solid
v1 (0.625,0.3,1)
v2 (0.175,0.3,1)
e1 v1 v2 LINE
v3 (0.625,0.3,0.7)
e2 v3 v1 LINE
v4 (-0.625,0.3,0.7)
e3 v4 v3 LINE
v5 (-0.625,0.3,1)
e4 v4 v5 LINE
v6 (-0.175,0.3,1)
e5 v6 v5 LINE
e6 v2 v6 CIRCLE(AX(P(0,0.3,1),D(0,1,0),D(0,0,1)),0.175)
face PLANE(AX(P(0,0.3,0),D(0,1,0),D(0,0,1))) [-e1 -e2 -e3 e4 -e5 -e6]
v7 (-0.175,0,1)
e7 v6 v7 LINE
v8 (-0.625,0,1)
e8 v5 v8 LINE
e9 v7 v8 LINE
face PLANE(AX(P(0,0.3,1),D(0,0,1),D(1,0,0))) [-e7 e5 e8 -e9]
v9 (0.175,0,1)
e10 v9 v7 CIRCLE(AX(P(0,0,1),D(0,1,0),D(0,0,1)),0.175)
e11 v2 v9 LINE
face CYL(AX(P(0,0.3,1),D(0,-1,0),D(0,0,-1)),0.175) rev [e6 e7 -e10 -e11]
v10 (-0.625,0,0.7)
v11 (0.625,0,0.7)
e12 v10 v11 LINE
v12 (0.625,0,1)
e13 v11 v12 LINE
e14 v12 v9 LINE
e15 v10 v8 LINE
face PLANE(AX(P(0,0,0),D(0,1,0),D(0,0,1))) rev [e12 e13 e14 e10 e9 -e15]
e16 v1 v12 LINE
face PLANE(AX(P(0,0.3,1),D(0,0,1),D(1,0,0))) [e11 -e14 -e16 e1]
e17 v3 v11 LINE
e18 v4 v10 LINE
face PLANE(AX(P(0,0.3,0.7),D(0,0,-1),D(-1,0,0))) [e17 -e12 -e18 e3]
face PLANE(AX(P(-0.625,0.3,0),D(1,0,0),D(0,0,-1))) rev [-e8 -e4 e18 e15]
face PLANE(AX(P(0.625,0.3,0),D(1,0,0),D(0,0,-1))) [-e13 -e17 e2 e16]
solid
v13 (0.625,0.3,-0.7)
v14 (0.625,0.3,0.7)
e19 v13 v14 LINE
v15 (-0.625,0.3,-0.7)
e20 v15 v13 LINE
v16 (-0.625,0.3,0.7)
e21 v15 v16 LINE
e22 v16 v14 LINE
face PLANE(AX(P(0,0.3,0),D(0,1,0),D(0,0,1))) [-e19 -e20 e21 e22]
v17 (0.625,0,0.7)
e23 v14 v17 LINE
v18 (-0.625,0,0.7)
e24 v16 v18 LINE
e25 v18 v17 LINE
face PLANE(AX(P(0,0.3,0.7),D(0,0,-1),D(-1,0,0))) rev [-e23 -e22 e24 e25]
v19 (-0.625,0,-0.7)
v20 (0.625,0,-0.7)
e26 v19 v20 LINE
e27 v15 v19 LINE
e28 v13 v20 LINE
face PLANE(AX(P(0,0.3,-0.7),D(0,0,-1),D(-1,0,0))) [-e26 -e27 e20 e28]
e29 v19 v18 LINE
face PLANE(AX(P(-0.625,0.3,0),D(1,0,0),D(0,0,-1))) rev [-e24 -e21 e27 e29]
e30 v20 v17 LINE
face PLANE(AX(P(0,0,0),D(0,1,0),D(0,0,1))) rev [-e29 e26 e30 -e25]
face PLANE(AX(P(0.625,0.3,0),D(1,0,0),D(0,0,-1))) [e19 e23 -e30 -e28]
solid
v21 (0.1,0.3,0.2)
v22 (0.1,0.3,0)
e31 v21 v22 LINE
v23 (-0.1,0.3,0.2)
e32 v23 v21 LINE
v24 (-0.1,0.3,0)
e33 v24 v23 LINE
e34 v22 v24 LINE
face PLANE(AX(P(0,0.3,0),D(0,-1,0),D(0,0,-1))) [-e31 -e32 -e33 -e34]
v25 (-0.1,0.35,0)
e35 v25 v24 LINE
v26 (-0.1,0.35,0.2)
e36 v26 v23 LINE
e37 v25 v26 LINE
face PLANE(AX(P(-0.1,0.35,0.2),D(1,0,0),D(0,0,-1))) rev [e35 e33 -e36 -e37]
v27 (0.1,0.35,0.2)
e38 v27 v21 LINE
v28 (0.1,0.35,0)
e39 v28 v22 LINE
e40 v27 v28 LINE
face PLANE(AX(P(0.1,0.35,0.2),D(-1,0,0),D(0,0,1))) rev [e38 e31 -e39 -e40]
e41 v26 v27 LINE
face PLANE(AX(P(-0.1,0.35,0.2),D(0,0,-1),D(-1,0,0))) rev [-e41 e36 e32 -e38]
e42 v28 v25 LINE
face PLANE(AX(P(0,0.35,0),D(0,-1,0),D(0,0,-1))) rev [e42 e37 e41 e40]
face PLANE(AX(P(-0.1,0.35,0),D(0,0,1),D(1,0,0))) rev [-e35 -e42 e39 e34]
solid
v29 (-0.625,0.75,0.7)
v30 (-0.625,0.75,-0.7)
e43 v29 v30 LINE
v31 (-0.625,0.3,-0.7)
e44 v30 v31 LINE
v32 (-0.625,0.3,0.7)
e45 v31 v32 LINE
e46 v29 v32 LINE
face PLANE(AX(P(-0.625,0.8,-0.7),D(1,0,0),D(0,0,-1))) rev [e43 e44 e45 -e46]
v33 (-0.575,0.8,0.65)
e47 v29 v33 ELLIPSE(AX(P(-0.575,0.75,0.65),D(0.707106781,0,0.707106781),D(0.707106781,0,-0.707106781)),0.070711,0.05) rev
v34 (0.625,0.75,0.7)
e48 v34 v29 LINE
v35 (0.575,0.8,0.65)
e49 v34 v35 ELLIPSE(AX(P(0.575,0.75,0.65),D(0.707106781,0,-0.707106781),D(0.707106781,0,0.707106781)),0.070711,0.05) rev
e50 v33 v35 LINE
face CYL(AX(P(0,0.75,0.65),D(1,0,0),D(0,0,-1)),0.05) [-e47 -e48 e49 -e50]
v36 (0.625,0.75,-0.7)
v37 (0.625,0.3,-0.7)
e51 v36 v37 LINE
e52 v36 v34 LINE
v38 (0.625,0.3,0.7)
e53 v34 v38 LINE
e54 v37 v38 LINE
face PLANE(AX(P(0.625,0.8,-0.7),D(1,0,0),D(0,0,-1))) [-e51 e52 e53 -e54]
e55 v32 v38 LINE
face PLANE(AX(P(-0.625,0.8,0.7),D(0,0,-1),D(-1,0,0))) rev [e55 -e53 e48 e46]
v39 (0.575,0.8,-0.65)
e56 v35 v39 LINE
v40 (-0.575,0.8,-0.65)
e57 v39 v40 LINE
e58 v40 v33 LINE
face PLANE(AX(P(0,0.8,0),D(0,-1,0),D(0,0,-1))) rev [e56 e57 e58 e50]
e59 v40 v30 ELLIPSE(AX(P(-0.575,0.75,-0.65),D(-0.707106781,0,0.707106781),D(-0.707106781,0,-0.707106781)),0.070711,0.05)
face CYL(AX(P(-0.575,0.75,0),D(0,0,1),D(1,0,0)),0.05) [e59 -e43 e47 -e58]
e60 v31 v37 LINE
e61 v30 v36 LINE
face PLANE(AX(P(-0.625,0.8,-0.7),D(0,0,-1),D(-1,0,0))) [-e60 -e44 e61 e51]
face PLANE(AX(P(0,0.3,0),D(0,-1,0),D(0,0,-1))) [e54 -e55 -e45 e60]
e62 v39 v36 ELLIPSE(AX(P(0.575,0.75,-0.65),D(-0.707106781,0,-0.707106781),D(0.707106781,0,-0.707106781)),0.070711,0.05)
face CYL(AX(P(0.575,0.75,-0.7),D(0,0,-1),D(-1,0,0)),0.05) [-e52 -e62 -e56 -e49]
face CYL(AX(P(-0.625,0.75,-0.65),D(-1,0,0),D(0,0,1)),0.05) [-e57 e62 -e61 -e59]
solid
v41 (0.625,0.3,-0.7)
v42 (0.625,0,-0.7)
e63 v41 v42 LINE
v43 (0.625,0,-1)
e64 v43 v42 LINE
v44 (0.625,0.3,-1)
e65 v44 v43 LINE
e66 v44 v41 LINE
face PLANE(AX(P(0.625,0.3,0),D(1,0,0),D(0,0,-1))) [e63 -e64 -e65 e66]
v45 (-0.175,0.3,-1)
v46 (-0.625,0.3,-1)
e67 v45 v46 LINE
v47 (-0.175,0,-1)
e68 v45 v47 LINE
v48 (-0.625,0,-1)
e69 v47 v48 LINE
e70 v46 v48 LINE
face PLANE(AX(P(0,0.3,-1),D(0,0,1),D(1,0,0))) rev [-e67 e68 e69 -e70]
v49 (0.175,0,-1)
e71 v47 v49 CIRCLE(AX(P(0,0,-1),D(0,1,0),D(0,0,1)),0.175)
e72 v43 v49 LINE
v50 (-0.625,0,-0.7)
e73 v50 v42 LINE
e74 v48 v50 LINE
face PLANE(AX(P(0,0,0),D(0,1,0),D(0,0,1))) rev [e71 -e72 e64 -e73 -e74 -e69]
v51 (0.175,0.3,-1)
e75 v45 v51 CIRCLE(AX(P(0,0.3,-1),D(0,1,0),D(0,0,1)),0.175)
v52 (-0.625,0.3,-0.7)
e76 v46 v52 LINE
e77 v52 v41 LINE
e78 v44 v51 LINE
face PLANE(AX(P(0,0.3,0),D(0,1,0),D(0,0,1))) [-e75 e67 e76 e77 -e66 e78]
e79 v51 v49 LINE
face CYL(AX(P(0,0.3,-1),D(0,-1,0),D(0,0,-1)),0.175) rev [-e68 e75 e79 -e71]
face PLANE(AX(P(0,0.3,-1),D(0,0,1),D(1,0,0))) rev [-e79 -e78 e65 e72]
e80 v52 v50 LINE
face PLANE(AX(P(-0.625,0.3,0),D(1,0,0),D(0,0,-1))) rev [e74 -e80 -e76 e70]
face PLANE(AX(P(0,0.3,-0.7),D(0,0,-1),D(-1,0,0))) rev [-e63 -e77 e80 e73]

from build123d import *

# Parameters (mm, degrees)
SALIENTE_EXTRUIR1_DEPTH   = 0.3
SALIENTE_EXTRUIR1_2_DEPTH = 0.3
CROQUIS1_4_W              = 1.25
CROQUIS1_4_H              = 1.4
SALIENTE_EXTRUIR2_DEPTH   = 0.3
CROQUIS2_W                = 1.25
CROQUIS2_H                = 1.4
SALIENTE_EXTRUIR3_DEPTH   = 0.5
REDONDEO1_R               = 0.05
CROQUIS4_W                = 0.2
CROQUIS4_H                = 0.2
SALIENTE_EXTRUIR7_DEPTH   = 0.05


with BuildPart() as part:
    # Croquis1 → Saliente-Extruir1 (new body)
    with BuildSketch(Plane(origin=(0, 0, 0), x_dir=(1, 0, 0), z_dir=(0, 1, 0))):
        with BuildLine():
            Line((-0.625, 1), (-0.625, 0.7))
            Line((-0.625, 0.7), (0.625, 0.7))
            Line((0.625, 0.7), (0.625, 1))
            Line((0.625, 1), (0.175, 1))
            ThreePointArc((0.175, 1), (0, 0.825), (-0.175, 1))
            Line((-0.175, 1), (-0.625, 1))
        make_face()
    extrude(amount=SALIENTE_EXTRUIR1_DEPTH)


with BuildPart() as body_2:
    # Croquis1 → Saliente-Extruir1 2 (new body)
    with BuildSketch(Plane(origin=(0, 0, 0), x_dir=(1, 0, 0), z_dir=(0, 1, 0))):
        with BuildLine():
            Line((0.625, -0.7), (-0.625, -0.7))
            Line((-0.625, -0.7), (-0.625, -1))
            Line((-0.625, -1), (-0.175, -1))
            ThreePointArc((-0.175, -1), (0, -0.825), (0.175, -1))
            Line((0.175, -1), (0.625, -1))
            Line((0.625, -1), (0.625, -0.7))
        make_face()
    extrude(amount=SALIENTE_EXTRUIR1_2_DEPTH)


with BuildPart() as body_3:
    # Croquis1<4> → Saliente-Extruir2 (new body)
    with BuildSketch(Plane(origin=(0, 0, 0), x_dir=(1, 0, 0), z_dir=(0, 1, 0))):
        Rectangle(CROQUIS1_4_W, CROQUIS1_4_H)
    extrude(amount=SALIENTE_EXTRUIR2_DEPTH)


with BuildPart() as body_4:
    # Croquis2 → Saliente-Extruir3 (new body)
    with BuildSketch(Plane(origin=(0, 0.3, 0), x_dir=(1, 0, 0), z_dir=(0, 1, 0))):
        Rectangle(CROQUIS2_W, CROQUIS2_H)
    extrude(amount=SALIENTE_EXTRUIR3_DEPTH)

    # Redondeo1
    redondeo1_edges = [body_4.edges().sort_by_distance(p)[0] for p in [
        (0, 0.8, -0.7),
        (-0.625, 0.8, 0),
        (0, 0.8, 0.7),
        (0.625, 0.8, 0),
    ]]
    fillet(redondeo1_edges, radius=REDONDEO1_R)


with BuildPart() as body_5:
    # Croquis4 → Saliente-Extruir7 (new body)
    with BuildSketch(Plane(origin=(0, 0.3, 0), x_dir=(1, 0, 0), z_dir=(0, 1, 0))):
        with Locations((0, -0.1)):
            Rectangle(CROQUIS4_W, CROQUIS4_H)
    extrude(amount=SALIENTE_EXTRUIR7_DEPTH)


solid = Compound([part.part, body_2.part, body_3.part, body_4.part, body_5.part])
